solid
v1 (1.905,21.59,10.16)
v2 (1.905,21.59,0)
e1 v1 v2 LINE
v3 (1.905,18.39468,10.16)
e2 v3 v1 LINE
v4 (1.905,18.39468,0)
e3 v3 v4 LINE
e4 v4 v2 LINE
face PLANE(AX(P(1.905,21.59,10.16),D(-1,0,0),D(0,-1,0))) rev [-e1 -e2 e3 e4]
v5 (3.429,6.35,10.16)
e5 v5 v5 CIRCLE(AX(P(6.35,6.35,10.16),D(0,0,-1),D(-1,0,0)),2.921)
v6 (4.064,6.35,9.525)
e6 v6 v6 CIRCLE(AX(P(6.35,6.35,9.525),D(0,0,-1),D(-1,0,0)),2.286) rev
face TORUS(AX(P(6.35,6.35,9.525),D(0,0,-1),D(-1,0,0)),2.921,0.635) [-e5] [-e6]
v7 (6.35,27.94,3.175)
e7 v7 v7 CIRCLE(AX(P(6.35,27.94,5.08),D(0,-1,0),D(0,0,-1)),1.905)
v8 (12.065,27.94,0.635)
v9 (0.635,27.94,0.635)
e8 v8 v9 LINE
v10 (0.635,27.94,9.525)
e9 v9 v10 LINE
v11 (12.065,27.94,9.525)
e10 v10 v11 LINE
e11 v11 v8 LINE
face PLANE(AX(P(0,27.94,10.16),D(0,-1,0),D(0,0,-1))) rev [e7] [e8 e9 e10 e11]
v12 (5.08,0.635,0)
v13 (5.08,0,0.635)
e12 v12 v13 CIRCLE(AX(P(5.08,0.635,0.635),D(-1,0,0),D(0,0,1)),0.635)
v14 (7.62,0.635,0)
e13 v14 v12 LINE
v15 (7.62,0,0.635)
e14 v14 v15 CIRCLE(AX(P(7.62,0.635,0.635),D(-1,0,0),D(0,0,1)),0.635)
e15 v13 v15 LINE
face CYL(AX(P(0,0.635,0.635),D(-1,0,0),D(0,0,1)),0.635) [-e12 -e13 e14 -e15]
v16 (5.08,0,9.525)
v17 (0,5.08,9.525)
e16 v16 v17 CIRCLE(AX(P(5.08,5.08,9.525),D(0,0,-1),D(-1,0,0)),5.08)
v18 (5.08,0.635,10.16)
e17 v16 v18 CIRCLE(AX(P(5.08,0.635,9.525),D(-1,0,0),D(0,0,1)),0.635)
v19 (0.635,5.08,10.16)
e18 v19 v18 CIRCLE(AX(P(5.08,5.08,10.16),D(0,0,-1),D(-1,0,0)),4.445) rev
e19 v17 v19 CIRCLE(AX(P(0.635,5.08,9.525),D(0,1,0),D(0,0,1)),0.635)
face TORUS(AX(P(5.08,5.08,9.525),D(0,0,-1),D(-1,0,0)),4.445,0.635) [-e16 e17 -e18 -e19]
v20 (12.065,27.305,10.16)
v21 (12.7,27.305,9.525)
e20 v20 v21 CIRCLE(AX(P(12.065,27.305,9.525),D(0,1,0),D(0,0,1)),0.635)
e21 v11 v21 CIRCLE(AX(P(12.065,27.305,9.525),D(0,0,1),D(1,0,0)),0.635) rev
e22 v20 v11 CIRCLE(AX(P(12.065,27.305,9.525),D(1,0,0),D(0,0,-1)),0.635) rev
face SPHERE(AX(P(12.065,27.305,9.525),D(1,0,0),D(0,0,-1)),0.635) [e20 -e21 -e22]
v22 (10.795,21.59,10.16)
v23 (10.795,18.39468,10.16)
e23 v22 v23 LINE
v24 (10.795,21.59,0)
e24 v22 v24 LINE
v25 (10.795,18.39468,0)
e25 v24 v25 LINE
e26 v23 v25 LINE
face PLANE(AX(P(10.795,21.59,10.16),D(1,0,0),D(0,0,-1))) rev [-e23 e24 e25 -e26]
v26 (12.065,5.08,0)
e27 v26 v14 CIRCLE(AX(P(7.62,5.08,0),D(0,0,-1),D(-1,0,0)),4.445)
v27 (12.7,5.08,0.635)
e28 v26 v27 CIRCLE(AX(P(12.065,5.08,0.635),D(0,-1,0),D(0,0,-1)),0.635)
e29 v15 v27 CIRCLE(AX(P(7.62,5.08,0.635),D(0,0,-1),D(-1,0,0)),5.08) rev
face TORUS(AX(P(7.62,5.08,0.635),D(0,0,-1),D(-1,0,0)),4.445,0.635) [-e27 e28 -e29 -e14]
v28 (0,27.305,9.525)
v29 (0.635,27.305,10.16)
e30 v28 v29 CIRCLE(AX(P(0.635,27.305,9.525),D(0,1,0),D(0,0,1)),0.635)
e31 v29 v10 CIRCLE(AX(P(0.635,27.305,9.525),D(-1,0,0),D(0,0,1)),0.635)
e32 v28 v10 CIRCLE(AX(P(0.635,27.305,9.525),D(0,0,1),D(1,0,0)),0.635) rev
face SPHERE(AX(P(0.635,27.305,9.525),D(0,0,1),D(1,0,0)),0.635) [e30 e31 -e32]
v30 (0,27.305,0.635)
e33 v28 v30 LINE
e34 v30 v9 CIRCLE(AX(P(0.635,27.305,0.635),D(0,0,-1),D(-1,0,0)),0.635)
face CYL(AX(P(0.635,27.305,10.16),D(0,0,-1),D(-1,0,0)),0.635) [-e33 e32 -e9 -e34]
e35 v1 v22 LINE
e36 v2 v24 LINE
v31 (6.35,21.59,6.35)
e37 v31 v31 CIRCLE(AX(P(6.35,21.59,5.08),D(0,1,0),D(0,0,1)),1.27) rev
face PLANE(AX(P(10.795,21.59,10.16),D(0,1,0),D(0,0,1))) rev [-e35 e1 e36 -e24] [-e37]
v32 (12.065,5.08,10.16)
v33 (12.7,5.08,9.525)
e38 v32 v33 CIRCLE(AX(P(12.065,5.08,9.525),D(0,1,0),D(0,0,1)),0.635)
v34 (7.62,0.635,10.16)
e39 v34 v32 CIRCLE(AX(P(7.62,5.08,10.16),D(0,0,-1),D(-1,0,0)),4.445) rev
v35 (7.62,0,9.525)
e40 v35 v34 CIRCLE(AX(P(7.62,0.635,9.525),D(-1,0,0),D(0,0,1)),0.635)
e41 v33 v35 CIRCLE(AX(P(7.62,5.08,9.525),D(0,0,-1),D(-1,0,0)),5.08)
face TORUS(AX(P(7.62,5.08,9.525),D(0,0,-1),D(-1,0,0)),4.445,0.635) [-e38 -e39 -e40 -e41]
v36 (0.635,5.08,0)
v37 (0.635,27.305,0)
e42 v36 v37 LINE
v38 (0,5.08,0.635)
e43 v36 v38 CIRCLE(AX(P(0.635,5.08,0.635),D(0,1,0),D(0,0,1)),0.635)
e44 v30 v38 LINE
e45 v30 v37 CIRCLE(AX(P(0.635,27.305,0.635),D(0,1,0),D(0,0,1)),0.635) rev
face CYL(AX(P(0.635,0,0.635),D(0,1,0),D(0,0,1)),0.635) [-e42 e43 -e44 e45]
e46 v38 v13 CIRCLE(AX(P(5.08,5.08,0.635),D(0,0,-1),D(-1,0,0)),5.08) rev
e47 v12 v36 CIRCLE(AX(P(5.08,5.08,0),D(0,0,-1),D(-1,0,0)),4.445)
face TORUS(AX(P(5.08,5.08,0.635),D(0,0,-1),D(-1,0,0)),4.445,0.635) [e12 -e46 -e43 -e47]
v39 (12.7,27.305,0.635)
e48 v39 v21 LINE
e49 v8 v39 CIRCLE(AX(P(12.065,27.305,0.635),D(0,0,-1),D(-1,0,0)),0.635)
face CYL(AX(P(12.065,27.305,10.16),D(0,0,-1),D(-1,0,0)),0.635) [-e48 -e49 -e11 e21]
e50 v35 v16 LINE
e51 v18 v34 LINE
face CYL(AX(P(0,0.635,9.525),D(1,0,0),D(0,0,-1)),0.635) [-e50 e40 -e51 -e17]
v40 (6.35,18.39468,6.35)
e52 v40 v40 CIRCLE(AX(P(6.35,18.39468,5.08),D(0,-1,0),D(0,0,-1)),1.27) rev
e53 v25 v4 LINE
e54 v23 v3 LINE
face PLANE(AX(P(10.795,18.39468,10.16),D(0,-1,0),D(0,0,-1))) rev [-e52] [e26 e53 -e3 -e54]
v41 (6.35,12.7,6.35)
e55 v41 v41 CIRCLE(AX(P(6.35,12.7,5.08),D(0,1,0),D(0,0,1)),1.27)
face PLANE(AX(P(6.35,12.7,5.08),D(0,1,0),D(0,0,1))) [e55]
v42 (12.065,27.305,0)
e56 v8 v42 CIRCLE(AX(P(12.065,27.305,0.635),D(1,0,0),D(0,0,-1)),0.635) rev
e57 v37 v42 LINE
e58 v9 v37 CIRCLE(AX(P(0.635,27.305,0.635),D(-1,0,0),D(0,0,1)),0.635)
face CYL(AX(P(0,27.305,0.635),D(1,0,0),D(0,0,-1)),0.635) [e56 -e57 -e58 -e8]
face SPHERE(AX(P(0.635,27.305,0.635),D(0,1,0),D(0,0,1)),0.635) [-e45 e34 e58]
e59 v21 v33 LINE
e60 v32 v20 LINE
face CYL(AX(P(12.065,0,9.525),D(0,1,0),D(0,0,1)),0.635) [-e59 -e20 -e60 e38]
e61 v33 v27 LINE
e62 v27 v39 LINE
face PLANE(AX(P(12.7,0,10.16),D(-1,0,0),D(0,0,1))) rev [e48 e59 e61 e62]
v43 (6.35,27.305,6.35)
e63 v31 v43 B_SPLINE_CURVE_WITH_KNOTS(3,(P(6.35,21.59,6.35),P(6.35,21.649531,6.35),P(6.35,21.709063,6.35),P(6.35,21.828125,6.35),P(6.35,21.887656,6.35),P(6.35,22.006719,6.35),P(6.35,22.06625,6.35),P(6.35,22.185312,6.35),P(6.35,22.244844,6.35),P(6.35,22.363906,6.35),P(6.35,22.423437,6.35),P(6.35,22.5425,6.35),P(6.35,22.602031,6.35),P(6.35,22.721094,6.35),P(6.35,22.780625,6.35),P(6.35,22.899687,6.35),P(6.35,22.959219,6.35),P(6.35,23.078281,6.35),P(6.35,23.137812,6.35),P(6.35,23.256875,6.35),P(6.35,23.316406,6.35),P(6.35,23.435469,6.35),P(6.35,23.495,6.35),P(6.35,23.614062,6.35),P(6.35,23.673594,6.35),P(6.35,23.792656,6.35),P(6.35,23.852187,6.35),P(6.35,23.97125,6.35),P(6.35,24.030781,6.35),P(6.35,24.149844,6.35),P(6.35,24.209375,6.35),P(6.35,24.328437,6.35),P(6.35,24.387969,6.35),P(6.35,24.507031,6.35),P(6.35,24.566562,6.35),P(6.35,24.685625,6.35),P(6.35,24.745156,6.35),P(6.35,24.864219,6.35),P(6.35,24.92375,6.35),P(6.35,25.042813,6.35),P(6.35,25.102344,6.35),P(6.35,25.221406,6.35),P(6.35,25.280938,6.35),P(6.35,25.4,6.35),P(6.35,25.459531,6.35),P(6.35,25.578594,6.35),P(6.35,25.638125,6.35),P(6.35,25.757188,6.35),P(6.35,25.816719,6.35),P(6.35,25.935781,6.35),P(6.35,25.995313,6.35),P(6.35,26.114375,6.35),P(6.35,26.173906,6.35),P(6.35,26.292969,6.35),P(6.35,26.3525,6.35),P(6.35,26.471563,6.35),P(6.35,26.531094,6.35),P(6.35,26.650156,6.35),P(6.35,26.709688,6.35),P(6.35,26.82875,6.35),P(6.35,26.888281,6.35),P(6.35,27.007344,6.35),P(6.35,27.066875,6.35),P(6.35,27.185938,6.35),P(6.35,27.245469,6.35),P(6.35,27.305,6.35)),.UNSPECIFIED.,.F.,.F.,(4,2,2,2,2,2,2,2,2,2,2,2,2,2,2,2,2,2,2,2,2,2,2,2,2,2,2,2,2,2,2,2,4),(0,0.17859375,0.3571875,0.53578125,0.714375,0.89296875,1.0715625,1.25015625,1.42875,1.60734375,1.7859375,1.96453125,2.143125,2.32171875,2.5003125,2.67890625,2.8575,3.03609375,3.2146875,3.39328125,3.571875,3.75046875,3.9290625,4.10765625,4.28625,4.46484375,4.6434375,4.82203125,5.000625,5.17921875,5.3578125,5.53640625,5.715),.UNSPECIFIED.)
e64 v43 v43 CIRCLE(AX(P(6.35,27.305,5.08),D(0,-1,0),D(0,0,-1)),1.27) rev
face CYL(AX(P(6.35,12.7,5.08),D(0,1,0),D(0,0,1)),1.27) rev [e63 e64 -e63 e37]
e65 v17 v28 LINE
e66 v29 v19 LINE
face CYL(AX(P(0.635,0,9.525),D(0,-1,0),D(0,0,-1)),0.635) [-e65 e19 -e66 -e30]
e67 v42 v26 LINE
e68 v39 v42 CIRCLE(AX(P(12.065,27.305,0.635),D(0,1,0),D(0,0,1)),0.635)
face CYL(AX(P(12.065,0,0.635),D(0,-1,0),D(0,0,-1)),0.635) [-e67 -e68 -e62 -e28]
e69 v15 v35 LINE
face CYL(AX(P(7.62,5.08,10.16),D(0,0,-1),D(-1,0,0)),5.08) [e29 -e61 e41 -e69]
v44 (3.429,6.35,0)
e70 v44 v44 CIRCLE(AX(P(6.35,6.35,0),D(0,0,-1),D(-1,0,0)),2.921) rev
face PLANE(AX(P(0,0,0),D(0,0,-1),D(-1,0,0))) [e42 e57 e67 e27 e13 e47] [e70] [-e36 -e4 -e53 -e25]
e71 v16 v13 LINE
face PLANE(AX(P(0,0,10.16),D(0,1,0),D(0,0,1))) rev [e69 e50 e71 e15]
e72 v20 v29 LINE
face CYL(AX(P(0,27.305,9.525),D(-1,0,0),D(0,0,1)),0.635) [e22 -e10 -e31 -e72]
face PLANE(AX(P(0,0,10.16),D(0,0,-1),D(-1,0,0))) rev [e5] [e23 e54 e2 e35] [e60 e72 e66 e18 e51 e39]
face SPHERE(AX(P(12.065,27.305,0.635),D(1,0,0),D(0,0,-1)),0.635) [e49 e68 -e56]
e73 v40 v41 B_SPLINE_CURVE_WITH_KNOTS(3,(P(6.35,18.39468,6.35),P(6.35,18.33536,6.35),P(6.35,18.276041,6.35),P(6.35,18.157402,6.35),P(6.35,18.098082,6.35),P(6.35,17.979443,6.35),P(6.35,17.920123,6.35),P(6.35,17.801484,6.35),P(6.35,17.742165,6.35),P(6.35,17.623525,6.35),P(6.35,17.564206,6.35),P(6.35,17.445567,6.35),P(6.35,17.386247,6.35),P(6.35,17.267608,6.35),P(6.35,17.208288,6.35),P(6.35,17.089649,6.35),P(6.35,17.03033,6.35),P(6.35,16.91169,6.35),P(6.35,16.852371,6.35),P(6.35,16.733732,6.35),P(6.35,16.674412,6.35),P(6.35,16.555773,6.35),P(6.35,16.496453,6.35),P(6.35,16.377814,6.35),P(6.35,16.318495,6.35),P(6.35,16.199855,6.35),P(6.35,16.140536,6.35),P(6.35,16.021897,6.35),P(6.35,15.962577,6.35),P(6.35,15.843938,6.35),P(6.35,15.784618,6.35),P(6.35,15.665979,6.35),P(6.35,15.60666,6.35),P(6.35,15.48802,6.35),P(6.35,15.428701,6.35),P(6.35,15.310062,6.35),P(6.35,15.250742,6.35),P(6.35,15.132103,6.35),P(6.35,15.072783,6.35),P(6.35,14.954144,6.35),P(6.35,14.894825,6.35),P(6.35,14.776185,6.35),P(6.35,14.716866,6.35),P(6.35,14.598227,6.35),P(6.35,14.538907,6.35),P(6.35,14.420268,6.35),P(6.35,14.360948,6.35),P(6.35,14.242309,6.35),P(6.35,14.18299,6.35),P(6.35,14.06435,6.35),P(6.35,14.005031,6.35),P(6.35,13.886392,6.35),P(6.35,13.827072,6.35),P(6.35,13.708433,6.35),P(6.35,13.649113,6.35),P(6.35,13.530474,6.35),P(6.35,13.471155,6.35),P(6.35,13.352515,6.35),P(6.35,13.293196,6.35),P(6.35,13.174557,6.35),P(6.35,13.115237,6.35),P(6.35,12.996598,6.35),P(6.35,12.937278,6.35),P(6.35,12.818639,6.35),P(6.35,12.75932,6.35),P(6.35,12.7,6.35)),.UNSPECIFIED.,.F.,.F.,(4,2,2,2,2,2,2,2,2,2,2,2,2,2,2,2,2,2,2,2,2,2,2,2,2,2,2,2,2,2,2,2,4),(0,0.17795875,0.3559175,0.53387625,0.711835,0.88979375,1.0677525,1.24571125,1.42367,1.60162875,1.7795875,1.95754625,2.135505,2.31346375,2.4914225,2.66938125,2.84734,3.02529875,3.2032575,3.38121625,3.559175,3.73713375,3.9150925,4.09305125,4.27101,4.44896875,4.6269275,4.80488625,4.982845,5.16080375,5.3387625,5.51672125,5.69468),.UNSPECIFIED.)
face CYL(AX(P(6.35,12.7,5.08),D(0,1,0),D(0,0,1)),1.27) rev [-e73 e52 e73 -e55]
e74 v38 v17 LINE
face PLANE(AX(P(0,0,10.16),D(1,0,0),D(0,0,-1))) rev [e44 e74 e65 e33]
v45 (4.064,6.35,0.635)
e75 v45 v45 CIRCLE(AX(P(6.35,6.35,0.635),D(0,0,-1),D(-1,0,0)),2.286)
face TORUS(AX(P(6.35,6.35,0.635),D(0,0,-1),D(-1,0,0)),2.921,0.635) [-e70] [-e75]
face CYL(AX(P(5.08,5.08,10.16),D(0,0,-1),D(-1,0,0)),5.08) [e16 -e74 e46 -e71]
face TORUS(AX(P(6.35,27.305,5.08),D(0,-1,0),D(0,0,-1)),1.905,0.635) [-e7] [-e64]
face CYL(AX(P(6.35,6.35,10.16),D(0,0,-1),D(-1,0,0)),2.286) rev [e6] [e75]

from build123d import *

# Parameters (mm, degrees)
SKETCH1_W           = 12.7
SKETCH1_H           = 27.94
SKETCH1_R           = 2.286
BOSS_EXTRUDE1_DEPTH = 10.16
SKETCH2_R           = 1.27
CUT_EXTRUDE1_DEPTH  = 15.24
FILLET2_R           = 5.08
FILLET1_R           = 0.635
SKETCH3_W           = 8.89
SKETCH3_H           = 3.19532
CUT_EXTRUDE2_DEPTH  = 33.328922036


with BuildPart() as part:
    # Sketch1 → Boss-Extrude1 (new body)
    with BuildSketch(Plane.XY):
        with Locations((6.35, 13.97)):
            Rectangle(SKETCH1_W, SKETCH1_H)
        with Locations((6.35, 6.35)):
            Circle(SKETCH1_R, mode=Mode.SUBTRACT)
    extrude(amount=BOSS_EXTRUDE1_DEPTH)

    # Sketch2 → Cut-Extrude1 (cut)
    with BuildSketch(Plane(origin=(0, 27.94, 0), x_dir=(1, 0, 0), z_dir=(0, 1, 0))):
        with Locations(Location((6.35, -5.08, 0), (0, 0, 270))):
            Circle(SKETCH2_R)
    extrude(amount=-CUT_EXTRUDE1_DEPTH, mode=Mode.SUBTRACT)

    # Fillet2
    fillet2_edges = [part.edges().sort_by_distance(p)[0] for p in [
        (12.7, 0, 5.08),
        (0, 0, 5.08),
    ]]
    fillet(fillet2_edges, radius=FILLET2_R)

    # Fillet1
    fillet1_edges = [part.edges().sort_by_distance(p)[0] for p in [
        (4.064, 6.35, 0),
        (4.064, 6.35, 10.16),
        (6.35, 27.94, 10.16),
        (6.35, 27.94, 3.81),
        (12.7, 16.51, 0),
        (12.7, 16.51, 10.16),
        (6.35, 0, 0),
        (1.487897552, 1.487897552, 0),
        (11.212102448, 1.487897552, 0),
        (6.35, 0, 10.16),
        (1.487897552, 1.487897552, 10.16),
        (11.212102448, 1.487897552, 10.16),
        (0, 16.51, 10.16),
        (6.35, 27.94, 0),
        (0, 16.51, 0),
        (0, 27.94, 5.08),
        (12.7, 27.94, 5.08),
    ]]
    fillet(fillet1_edges, radius=FILLET1_R)

    # Sketch3 → Cut-Extrude2 (cut, through all)
    with BuildSketch(Plane(origin=(0, 0, 0), x_dir=(-1, 0, 0), z_dir=(0, 0, -1))):
        with Locations((-6.35, 19.99234)):
            Rectangle(SKETCH3_W, SKETCH3_H)
    extrude(amount=-CUT_EXTRUDE2_DEPTH, mode=Mode.SUBTRACT)


solid = part.part
